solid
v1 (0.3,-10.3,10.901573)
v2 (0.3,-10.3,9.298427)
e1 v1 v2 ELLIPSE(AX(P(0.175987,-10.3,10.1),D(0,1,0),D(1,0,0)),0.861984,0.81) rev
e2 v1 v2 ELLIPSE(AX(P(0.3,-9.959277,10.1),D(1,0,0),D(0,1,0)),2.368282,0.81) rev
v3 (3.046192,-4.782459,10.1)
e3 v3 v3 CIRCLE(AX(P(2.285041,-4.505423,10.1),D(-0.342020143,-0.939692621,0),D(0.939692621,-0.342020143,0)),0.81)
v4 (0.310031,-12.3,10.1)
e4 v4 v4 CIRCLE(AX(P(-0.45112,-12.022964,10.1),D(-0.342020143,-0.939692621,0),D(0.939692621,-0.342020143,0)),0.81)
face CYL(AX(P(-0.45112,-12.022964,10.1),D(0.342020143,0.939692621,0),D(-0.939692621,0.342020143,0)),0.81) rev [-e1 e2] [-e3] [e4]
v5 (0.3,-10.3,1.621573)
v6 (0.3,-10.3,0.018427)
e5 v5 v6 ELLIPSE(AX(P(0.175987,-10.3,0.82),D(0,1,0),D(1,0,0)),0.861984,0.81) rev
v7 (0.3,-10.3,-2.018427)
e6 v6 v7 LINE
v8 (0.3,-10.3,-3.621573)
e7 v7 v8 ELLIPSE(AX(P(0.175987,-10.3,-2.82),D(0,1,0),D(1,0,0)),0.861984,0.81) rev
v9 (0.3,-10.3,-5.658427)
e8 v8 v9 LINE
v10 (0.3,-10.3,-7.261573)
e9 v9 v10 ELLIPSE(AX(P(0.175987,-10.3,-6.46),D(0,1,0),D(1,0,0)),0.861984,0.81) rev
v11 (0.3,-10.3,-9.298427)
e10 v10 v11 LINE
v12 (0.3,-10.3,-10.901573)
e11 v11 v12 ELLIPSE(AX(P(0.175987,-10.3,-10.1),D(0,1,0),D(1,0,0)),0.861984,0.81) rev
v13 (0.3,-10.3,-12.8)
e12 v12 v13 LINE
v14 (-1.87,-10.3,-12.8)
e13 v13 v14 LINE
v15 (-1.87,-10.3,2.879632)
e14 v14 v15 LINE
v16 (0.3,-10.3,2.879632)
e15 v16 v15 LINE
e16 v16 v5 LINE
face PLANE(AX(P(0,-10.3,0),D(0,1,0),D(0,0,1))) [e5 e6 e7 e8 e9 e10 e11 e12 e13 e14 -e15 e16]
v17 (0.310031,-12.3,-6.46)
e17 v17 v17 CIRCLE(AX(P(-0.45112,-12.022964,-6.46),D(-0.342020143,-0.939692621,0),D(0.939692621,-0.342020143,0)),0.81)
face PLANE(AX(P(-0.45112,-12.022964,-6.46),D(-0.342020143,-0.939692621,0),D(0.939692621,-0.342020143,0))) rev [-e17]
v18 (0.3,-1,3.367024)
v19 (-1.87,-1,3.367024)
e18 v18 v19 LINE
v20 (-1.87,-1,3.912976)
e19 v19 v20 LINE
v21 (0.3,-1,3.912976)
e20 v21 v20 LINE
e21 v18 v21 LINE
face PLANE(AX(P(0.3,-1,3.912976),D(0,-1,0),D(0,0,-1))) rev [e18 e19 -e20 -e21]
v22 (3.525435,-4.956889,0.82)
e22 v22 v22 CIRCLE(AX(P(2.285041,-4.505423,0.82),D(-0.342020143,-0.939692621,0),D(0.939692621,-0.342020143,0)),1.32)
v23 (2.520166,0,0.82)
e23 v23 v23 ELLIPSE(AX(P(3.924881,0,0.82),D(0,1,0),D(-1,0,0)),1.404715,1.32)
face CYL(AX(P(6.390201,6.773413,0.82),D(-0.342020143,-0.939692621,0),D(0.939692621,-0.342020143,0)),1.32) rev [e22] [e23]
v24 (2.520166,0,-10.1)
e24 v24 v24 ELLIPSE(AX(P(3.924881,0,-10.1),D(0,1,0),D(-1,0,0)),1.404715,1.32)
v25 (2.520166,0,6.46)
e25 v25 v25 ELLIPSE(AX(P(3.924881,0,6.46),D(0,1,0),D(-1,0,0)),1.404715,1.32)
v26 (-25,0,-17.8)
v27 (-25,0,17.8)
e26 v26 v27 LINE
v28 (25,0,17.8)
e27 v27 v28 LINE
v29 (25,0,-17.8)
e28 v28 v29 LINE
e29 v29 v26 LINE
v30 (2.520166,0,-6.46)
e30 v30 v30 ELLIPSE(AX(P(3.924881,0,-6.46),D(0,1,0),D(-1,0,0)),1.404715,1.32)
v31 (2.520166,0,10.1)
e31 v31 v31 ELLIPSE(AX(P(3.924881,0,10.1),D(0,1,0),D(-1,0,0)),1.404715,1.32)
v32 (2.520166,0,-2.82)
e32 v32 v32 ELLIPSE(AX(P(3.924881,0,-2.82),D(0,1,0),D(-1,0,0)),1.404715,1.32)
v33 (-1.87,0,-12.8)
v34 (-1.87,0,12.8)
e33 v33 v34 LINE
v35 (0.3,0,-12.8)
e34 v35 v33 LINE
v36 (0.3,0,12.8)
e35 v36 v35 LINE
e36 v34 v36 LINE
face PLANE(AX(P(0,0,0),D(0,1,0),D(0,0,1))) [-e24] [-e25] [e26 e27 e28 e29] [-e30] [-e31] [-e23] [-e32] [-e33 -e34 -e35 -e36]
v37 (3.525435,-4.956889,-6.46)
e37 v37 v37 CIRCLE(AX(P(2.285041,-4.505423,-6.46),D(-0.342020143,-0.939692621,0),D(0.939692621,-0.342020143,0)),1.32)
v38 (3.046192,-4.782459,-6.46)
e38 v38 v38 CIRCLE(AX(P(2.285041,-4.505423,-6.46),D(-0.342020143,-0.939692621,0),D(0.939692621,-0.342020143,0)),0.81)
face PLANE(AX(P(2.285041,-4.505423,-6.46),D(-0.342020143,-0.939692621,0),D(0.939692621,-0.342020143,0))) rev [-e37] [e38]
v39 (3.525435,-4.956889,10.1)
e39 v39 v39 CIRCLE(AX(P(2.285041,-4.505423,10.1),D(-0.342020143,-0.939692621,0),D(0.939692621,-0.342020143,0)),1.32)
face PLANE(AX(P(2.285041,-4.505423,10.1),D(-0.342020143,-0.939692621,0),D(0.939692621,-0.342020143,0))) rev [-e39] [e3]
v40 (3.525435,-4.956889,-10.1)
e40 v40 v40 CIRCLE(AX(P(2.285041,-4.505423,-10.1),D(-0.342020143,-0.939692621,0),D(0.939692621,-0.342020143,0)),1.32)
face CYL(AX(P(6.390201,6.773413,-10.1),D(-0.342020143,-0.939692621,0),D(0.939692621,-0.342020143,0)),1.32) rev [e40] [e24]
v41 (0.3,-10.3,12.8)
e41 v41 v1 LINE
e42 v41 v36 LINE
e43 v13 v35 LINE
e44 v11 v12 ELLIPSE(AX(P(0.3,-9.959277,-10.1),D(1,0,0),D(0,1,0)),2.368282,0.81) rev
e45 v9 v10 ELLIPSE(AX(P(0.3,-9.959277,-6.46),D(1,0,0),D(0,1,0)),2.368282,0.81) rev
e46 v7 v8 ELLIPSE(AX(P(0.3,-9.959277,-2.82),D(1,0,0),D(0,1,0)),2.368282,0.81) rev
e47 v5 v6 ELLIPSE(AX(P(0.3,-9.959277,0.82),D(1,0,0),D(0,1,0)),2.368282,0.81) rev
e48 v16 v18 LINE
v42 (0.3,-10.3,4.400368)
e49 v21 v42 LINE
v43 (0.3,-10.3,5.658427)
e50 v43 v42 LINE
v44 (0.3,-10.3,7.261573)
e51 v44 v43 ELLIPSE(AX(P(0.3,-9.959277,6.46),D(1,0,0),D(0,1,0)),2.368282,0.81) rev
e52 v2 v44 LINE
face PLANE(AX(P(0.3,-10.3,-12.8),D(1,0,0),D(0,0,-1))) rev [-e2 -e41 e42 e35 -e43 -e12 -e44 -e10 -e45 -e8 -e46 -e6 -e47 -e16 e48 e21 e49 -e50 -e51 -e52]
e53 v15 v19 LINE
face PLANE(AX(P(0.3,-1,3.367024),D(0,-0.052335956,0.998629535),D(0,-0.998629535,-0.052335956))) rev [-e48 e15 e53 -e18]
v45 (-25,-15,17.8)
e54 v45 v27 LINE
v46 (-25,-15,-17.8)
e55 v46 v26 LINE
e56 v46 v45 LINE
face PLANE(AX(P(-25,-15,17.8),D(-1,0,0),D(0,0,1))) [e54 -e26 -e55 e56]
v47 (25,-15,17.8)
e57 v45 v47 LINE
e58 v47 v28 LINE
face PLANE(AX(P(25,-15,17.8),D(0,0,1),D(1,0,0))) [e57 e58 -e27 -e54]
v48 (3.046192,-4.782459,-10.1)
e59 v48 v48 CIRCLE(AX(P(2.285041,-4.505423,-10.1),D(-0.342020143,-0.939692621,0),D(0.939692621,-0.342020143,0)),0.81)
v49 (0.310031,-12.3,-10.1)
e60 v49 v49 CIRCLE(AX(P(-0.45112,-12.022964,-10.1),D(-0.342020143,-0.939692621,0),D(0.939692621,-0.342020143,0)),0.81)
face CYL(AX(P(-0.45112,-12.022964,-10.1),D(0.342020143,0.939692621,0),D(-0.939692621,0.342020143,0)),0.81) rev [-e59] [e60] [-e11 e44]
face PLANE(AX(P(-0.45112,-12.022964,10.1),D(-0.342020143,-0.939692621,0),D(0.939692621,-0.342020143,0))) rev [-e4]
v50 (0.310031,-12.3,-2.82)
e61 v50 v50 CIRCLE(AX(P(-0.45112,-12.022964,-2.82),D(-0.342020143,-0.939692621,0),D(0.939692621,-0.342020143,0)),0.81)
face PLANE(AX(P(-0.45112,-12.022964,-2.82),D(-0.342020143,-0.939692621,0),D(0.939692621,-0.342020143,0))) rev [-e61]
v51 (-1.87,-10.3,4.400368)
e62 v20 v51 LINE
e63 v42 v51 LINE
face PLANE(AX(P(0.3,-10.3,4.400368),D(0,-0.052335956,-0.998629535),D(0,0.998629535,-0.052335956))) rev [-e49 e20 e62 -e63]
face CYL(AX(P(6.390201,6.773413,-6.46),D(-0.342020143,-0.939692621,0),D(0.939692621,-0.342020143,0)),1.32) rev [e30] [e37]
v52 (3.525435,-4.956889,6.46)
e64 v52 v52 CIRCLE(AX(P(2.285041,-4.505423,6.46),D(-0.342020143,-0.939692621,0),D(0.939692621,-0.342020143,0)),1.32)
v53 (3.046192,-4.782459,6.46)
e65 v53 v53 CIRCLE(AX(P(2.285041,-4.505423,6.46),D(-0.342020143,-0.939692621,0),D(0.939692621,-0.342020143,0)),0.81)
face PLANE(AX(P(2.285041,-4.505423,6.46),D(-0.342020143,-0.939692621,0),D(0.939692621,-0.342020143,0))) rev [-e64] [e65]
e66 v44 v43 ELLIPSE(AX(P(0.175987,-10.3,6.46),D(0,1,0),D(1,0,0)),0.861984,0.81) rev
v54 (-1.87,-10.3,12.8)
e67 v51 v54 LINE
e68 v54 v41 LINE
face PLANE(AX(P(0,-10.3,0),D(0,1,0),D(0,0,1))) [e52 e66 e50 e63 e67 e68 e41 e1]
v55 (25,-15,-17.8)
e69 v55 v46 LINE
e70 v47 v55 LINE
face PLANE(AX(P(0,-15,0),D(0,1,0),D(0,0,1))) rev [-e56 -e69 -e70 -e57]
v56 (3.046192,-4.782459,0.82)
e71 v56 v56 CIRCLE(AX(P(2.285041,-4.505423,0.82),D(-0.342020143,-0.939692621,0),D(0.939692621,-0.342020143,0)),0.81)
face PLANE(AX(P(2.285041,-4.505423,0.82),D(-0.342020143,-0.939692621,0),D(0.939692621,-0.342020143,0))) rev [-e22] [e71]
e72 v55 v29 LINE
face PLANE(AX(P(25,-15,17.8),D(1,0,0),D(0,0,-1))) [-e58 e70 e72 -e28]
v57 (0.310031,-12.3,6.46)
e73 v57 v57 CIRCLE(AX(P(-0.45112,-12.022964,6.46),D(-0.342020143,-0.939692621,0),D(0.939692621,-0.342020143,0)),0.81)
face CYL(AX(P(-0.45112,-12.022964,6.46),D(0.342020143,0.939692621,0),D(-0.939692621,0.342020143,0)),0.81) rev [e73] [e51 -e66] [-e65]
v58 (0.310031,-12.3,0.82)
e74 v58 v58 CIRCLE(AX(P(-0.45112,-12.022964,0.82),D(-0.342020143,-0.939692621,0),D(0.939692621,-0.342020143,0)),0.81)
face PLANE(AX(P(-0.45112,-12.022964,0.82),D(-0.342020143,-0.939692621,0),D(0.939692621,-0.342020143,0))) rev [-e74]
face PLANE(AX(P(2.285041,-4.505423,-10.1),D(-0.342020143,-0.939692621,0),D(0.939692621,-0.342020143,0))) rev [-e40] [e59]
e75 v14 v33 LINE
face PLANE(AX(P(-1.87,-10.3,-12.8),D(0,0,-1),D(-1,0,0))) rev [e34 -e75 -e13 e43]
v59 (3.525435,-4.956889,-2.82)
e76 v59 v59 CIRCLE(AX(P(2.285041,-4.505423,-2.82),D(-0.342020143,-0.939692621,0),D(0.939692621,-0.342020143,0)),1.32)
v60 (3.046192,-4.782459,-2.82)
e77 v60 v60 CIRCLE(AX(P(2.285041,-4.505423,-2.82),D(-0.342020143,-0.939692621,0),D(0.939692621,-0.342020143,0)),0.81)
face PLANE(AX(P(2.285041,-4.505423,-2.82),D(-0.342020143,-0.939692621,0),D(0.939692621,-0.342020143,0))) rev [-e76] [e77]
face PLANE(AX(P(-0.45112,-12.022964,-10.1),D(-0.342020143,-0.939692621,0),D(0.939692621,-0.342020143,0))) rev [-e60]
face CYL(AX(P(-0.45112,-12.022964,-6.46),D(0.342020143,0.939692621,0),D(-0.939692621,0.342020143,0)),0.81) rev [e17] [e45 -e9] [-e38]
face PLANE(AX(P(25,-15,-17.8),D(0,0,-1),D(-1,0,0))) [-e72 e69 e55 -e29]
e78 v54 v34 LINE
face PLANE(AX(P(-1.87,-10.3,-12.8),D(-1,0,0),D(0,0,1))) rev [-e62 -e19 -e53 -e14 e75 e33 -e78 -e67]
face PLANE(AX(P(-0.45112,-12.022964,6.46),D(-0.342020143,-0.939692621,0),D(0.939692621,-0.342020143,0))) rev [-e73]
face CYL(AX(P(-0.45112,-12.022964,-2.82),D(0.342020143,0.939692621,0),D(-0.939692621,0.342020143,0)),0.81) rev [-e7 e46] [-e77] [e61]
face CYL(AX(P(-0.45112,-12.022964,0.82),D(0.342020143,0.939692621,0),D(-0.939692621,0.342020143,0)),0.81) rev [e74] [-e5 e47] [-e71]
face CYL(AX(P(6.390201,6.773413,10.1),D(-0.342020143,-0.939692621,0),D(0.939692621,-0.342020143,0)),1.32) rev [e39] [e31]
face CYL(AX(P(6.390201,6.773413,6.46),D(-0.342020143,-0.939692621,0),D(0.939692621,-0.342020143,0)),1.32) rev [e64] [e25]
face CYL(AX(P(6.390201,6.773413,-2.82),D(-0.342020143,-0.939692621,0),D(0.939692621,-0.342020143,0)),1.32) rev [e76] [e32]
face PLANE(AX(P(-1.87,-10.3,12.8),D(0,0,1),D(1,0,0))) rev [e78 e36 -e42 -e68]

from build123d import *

# Parameters (mm, degrees)
SKETCH1_W                = 50
SKETCH1_H                = 35.6
BOSS_EXTRUDE2_DEPTH      = 15
SKETCH9_W                = 2.17
SKETCH9_H                = 25.6
CUT_EXTRUDE1_DEPTH       = 10.3
SKETCH7_R                = 1.32
CUT_EXTRUDE2_DEPTH       = 34.770899441
SKETCH10_R               = 0.81
CUT_EXTRUDE3_DEPTH       = 8
BOSS_EXTRUDE3_DEPTH      = 0.3
BOSS_EXTRUDE3_DEPTH_BACK = 1.87


with BuildPart() as part:
    # Sketch1 → Boss-Extrude2 (new body)
    with BuildSketch(Plane(origin=(0, 0, 0), x_dir=(1, 0, 0), z_dir=(0, 1, 0))):
        Rectangle(SKETCH1_W, SKETCH1_H)
    extrude(amount=-BOSS_EXTRUDE2_DEPTH)

    # Sketch9 → Cut-Extrude1 (cut)
    with BuildSketch(Plane(origin=(0, 0, 0), x_dir=(1, 0, 0), z_dir=(0, 1, 0))):
        with Locations((-0.785, 0)):
            Rectangle(SKETCH9_W, SKETCH9_H)
    extrude(amount=-CUT_EXTRUDE1_DEPTH, mode=Mode.SUBTRACT)

    # Sketch7 → Cut-Extrude2 (cut, through all)
    with BuildSketch(Plane(origin=(-1.180715955, -3.243990424, 0), x_dir=(-0.9396926207859082, 0.3420201433256691, 0), z_dir=(-0.3420201433256691, -0.9396926207859082, 0))):
        with Locations(Location((-3.68818129, 10.1, 0), (0, 0, 180))):
            Circle(SKETCH7_R)
        with Locations(Location((-3.68818129, 6.46, 0), (0, 0, 180))):
            Circle(SKETCH7_R)
        with Locations(Location((-3.68818129, 2.82, 0), (0, 0, 180))):
            Circle(SKETCH7_R)
        with Locations(Location((-3.68818129, -0.82, 0), (0, 0, 180))):
            Circle(SKETCH7_R)
        with Locations(Location((-3.68818129, -6.46, 0), (0, 0, 180))):
            Circle(SKETCH7_R)
        with Locations(Location((-3.68818129, -10.1, 0), (0, 0, 180))):
            Circle(SKETCH7_R)
    extrude(amount=-CUT_EXTRUDE2_DEPTH, mode=Mode.SUBTRACT)

    # Sketch10 → Cut-Extrude3 (cut)
    with BuildSketch(Plane(origin=(-1.180715955, -3.243990424, 0), x_dir=(-0.9396926207859082, 0.3420201433256691, 0), z_dir=(-0.3420201433256691, -0.9396926207859082, 0))):
        with Locations(Location((-3.68818129, -10.1, 0), (0, 0, 180))):
            Circle(SKETCH10_R)
        with Locations(Location((-3.68818129, -6.46, 0), (0, 0, 180))):
            Circle(SKETCH10_R)
        with Locations(Location((-3.68818129, -0.82, 0), (0, 0, 180))):
            Circle(SKETCH10_R)
        with Locations(Location((-3.68818129, 2.82, 0), (0, 0, 180))):
            Circle(SKETCH10_R)
        with Locations(Location((-3.68818129, 6.46, 0), (0, 0, 180))):
            Circle(SKETCH10_R)
        with Locations(Location((-3.68818129, 10.1, 0), (0, 0, 180))):
            Circle(SKETCH10_R)
    extrude(amount=CUT_EXTRUDE3_DEPTH, mode=Mode.SUBTRACT)

    # Sketch11 → Boss-Extrude3 (add, two sides: drawn at the far end of the back side and taken through both)
    with BuildSketch(Plane(origin=(0, 0, 0), x_dir=(0, 0, -1), z_dir=(1, 0, 0)).offset(-BOSS_EXTRUDE3_DEPTH_BACK)):
        Polygon((-4.40036814, -10.3), (-2.87963186, -10.3), (-3.367024207, -1), (-3.912975793, -1), align=None)
    extrude(amount=BOSS_EXTRUDE3_DEPTH + BOSS_EXTRUDE3_DEPTH_BACK)


solid = part.part
